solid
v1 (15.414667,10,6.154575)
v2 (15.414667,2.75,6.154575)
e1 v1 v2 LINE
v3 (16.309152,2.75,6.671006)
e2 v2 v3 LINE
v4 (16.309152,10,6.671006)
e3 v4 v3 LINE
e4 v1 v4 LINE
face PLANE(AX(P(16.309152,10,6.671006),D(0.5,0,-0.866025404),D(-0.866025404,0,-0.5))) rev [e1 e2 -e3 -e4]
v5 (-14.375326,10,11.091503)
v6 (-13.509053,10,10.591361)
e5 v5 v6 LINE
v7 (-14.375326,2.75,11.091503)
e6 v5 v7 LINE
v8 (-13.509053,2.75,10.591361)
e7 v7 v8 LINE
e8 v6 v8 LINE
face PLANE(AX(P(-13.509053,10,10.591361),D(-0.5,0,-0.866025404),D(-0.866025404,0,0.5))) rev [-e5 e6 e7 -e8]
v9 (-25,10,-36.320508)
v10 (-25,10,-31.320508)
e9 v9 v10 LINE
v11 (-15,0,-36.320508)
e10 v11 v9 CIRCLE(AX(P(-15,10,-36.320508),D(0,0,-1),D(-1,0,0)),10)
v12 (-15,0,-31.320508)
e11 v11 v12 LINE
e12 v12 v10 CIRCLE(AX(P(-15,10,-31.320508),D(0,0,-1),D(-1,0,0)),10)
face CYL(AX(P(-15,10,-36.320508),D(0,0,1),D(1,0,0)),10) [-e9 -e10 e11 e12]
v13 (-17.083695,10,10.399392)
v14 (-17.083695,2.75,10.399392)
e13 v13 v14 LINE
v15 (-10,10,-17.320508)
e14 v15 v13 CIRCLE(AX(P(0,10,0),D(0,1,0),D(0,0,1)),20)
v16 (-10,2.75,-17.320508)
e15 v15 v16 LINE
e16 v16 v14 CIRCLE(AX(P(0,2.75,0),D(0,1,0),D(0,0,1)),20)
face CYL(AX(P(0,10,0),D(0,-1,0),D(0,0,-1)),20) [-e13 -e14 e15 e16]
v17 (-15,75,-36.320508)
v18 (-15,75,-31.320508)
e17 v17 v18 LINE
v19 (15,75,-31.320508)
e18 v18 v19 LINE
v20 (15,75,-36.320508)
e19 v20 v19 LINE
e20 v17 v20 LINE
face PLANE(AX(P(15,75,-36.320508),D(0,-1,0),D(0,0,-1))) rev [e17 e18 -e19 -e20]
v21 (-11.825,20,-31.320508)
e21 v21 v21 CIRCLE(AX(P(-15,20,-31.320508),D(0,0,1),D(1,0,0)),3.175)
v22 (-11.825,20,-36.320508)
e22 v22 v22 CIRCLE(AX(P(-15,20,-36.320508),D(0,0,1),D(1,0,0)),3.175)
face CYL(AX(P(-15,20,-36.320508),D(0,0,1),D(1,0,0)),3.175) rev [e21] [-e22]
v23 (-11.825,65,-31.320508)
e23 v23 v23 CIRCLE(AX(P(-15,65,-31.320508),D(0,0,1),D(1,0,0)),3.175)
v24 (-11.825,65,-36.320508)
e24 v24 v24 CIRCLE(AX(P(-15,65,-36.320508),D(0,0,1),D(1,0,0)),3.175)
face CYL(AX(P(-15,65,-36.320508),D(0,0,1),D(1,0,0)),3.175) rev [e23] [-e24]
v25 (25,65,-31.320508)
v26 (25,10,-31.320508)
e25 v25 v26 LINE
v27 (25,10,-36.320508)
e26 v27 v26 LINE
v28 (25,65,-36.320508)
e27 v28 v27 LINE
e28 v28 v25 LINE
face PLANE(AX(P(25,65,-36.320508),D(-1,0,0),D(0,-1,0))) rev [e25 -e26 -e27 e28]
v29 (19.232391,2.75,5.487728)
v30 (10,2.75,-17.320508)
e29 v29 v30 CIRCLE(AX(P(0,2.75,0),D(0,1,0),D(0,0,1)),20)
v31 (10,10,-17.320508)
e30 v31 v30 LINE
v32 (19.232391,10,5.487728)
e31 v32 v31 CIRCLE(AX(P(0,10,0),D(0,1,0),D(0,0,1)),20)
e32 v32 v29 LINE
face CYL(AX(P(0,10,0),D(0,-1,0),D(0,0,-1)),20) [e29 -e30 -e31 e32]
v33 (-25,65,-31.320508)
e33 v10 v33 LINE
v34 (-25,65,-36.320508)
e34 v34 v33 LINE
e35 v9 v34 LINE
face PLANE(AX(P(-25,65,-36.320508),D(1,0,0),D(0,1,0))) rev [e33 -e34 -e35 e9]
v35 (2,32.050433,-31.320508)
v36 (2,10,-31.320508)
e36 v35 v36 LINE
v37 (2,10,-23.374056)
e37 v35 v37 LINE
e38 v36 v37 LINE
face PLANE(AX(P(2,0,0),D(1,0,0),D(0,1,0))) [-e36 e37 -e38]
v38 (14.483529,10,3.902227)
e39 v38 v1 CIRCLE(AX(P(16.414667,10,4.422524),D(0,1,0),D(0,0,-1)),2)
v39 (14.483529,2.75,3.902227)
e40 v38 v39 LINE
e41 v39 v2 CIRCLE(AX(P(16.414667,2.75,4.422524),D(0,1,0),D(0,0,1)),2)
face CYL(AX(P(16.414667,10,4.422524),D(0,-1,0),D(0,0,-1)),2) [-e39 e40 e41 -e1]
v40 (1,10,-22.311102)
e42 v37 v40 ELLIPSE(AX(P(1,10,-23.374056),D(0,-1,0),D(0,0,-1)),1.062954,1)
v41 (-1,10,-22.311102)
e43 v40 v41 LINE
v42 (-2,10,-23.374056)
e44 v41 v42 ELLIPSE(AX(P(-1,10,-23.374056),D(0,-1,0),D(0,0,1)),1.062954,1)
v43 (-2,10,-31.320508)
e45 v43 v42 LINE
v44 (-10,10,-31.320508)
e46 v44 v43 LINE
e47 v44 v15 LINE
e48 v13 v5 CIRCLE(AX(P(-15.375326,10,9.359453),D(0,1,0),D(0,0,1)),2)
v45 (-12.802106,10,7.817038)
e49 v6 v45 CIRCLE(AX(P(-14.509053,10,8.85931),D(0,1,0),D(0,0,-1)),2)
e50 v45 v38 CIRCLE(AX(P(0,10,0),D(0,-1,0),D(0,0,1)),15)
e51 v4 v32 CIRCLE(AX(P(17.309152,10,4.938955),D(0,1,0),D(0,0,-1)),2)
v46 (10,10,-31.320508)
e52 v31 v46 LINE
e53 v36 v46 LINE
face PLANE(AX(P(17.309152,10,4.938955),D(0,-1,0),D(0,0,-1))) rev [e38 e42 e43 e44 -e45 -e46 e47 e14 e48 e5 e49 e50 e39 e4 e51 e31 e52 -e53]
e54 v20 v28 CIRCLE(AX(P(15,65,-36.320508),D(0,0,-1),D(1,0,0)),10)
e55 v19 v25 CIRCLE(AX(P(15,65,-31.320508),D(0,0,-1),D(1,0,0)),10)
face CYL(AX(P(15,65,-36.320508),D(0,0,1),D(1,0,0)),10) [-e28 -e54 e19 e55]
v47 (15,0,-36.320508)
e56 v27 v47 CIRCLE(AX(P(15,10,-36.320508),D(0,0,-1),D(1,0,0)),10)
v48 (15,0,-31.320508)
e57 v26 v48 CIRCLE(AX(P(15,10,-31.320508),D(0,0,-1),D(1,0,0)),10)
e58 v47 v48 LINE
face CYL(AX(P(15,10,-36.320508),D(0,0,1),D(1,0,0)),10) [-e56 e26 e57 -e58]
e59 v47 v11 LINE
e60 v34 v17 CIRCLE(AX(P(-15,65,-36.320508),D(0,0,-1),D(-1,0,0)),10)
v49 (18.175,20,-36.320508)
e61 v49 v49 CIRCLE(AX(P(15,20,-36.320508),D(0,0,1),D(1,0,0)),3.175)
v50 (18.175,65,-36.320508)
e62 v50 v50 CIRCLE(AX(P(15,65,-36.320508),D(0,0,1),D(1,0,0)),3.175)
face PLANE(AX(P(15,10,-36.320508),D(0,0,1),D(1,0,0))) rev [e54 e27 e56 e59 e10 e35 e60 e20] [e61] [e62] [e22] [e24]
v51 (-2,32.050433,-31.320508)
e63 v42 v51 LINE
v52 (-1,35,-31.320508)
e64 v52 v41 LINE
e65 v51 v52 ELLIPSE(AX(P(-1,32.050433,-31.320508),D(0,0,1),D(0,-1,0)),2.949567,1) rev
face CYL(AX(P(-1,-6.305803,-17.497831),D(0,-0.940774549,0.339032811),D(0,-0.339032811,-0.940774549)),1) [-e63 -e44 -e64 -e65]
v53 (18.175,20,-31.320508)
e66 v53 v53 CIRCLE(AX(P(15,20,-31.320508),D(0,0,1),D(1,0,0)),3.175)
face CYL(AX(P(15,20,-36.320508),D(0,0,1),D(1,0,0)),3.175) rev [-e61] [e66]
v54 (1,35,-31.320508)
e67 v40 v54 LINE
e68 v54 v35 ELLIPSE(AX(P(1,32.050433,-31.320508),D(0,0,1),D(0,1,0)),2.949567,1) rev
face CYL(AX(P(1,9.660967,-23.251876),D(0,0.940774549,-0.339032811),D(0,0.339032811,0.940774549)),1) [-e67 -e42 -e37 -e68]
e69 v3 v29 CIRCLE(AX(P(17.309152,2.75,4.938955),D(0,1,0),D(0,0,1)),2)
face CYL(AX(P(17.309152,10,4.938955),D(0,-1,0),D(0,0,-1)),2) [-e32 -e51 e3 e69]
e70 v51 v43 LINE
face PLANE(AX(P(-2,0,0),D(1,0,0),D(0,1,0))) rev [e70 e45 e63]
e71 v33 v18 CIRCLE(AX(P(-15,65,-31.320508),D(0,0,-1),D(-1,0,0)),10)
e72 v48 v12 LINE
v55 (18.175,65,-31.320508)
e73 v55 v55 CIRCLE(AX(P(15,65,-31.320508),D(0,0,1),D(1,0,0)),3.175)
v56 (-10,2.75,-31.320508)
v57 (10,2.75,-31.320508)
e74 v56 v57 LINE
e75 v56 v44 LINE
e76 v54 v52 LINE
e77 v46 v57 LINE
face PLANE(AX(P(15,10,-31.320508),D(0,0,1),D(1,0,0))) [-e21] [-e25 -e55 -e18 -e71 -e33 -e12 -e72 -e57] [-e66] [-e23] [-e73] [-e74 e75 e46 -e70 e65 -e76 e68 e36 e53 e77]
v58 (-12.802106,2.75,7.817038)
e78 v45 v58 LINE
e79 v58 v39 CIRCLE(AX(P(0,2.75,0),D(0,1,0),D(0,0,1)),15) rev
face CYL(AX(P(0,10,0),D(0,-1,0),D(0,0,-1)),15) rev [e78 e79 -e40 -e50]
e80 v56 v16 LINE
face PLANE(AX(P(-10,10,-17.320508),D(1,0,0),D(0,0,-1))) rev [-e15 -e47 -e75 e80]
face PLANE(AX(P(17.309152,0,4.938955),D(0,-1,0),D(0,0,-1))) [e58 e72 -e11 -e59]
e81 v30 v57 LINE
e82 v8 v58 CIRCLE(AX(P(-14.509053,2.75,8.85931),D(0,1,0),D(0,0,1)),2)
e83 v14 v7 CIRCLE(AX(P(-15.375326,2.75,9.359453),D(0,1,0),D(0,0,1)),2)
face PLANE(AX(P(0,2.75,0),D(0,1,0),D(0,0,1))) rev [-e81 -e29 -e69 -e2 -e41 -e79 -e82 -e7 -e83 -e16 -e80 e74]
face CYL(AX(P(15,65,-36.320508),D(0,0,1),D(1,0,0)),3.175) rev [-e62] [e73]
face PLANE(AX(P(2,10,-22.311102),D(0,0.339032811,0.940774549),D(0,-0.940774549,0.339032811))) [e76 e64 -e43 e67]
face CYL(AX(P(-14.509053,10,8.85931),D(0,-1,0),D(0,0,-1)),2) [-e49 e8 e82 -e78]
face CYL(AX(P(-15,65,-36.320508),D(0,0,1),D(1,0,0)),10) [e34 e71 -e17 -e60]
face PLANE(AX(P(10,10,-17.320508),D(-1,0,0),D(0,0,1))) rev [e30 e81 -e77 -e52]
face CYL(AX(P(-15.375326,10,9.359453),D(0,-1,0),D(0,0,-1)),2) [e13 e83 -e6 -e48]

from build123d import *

# Parameters (mm, degrees)
BOSS_EXTRUDE1_DEPTH      = 10
SKETCH2_W                = 20
SKETCH2_H                = 10
BOSS_EXTRUDE2_DEPTH      = 10
BOSS_EXTRUDE3_DEPTH      = 5
BOSS_EXTRUDE4_DEPTH      = 2
BOSS_EXTRUDE4_DEPTH_BACK = 2
FILLET1_R                = 1
SKETCH6_R                = 3.175
CUT_EXTRUDE1_DEPTH       = 90.841967072
SKETCH8_W                = 55.480567722
SKETCH8_H                = 48.561795017
CUT_EXTRUDE2_DEPTH       = 2.75


with BuildPart() as part:
    # Sketch1 → Boss-Extrude1 (new body)
    with BuildSketch(Plane(origin=(0, 0, 0), x_dir=(1, 0, 0), z_dir=(0, 1, 0))):
        with BuildLine():
            Line((-13.509053295, -10.59136074), (-14.375325888, -11.091503454))
            ThreePointArc((-14.375325888, -11.091503454), (-15.870504116, -11.297182897), (-17.083695431, -10.39939183))
            ThreePointArc((-17.083695431, -10.39939183), (-19.377302502, 4.951782281), (-10, 17.320508076))
            Line((-10, 17.320508076), (-10, 21.320508076))
            Line((-10, 21.320508076), (2.687202796, 21.320508076))
            Line((2.687202796, 21.320508076), (10, 21.320508076))
            Line((10, 21.320508076), (10, 17.320508076))
            ThreePointArc((10, 17.320508076), (18.538798966, 7.504194355), (19.232390566, -5.487727502))
            ThreePointArc((19.232390566, -5.487727502), (18.059570944, -6.792834648), (16.309151509, -6.671005559))
            Line((16.309151509, -6.671005559), (15.414666731, -6.154574532))
            ThreePointArc((15.414666731, -6.154574532), (14.566381317, -5.186618632), (14.483529469, -3.902226816))
            ThreePointArc((14.483529469, -3.902226816), (-2.130312968, 14.847954965), (-12.802105849, -7.817038176))
            ThreePointArc((-12.802105849, -7.817038176), (-12.570985303, -9.353164625), (-13.509053295, -10.59136074))
        make_face()
    extrude(amount=BOSS_EXTRUDE1_DEPTH)

    # Sketch2 → Boss-Extrude2 (add)
    with BuildSketch(Plane(origin=(0, 0, -21.320508076), x_dir=(-1, 0, 0), z_dir=(0, 0, -1))):
        with Locations((0, 5)):
            Rectangle(SKETCH2_W, SKETCH2_H)
    extrude(amount=BOSS_EXTRUDE2_DEPTH)

    # Sketch3 → Boss-Extrude3 (add)
    with BuildSketch(Plane(origin=(0, 0, -31.320508076), x_dir=(-1, 0, 0), z_dir=(0, 0, -1))):
        with BuildLine():
            Line((-15, 75), (15, 75))
            ThreePointArc((15, 75), (22.071067812, 72.071067812), (25, 65))
            Line((25, 65), (25, 10))
            ThreePointArc((25, 10), (22.071067812, 2.928932188), (15, 0))
            Line((15, 0), (-15, 0))
            ThreePointArc((-15, 0), (-22.071067812, 2.928932188), (-25, 10))
            Line((-25, 10), (-25, 65))
            ThreePointArc((-25, 65), (-22.071067812, 72.071067812), (-15, 75))
        make_face()
    extrude(amount=BOSS_EXTRUDE3_DEPTH)

    # Sketch4 → Boss-Extrude4 (add, two sides: drawn at the far end of the back side and taken through both)
    with BuildSketch(Plane.ZY.offset(-BOSS_EXTRUDE4_DEPTH_BACK)):
        Polygon((-22.311101636, 10), (-31.320508076, 35), (-31.320508076, 10), align=None)
    extrude(amount=BOSS_EXTRUDE4_DEPTH + BOSS_EXTRUDE4_DEPTH_BACK)

    # Fillet1
    fillet1_edges = [part.edges().sort_by_distance(p)[0] for p in [
        (2, 22.5, -26.815804856),
        (-2, 22.5, -26.815804856),
    ]]
    fillet(fillet1_edges, radius=FILLET1_R)

    # Sketch6 → Cut-Extrude1 (cut, through all)
    with BuildSketch(Plane.XY.offset(-31.320508076)):
        with Locations((-15, 65)):
            Circle(SKETCH6_R)
        with Locations((15, 65)):
            Circle(SKETCH6_R)
        with Locations((15, 20)):
            Circle(SKETCH6_R)
        with Locations((-15, 20)):
            Circle(SKETCH6_R)
    extrude(amount=-CUT_EXTRUDE1_DEPTH, mode=Mode.SUBTRACT)

    # Sketch8 → Cut-Extrude2 (cut)
    with BuildSketch(Plane.XZ):
        with Locations((-0.773192615, -7.039610568)):
            Rectangle(SKETCH8_W, SKETCH8_H)
    extrude(amount=-CUT_EXTRUDE2_DEPTH, mode=Mode.SUBTRACT)


solid = part.part
